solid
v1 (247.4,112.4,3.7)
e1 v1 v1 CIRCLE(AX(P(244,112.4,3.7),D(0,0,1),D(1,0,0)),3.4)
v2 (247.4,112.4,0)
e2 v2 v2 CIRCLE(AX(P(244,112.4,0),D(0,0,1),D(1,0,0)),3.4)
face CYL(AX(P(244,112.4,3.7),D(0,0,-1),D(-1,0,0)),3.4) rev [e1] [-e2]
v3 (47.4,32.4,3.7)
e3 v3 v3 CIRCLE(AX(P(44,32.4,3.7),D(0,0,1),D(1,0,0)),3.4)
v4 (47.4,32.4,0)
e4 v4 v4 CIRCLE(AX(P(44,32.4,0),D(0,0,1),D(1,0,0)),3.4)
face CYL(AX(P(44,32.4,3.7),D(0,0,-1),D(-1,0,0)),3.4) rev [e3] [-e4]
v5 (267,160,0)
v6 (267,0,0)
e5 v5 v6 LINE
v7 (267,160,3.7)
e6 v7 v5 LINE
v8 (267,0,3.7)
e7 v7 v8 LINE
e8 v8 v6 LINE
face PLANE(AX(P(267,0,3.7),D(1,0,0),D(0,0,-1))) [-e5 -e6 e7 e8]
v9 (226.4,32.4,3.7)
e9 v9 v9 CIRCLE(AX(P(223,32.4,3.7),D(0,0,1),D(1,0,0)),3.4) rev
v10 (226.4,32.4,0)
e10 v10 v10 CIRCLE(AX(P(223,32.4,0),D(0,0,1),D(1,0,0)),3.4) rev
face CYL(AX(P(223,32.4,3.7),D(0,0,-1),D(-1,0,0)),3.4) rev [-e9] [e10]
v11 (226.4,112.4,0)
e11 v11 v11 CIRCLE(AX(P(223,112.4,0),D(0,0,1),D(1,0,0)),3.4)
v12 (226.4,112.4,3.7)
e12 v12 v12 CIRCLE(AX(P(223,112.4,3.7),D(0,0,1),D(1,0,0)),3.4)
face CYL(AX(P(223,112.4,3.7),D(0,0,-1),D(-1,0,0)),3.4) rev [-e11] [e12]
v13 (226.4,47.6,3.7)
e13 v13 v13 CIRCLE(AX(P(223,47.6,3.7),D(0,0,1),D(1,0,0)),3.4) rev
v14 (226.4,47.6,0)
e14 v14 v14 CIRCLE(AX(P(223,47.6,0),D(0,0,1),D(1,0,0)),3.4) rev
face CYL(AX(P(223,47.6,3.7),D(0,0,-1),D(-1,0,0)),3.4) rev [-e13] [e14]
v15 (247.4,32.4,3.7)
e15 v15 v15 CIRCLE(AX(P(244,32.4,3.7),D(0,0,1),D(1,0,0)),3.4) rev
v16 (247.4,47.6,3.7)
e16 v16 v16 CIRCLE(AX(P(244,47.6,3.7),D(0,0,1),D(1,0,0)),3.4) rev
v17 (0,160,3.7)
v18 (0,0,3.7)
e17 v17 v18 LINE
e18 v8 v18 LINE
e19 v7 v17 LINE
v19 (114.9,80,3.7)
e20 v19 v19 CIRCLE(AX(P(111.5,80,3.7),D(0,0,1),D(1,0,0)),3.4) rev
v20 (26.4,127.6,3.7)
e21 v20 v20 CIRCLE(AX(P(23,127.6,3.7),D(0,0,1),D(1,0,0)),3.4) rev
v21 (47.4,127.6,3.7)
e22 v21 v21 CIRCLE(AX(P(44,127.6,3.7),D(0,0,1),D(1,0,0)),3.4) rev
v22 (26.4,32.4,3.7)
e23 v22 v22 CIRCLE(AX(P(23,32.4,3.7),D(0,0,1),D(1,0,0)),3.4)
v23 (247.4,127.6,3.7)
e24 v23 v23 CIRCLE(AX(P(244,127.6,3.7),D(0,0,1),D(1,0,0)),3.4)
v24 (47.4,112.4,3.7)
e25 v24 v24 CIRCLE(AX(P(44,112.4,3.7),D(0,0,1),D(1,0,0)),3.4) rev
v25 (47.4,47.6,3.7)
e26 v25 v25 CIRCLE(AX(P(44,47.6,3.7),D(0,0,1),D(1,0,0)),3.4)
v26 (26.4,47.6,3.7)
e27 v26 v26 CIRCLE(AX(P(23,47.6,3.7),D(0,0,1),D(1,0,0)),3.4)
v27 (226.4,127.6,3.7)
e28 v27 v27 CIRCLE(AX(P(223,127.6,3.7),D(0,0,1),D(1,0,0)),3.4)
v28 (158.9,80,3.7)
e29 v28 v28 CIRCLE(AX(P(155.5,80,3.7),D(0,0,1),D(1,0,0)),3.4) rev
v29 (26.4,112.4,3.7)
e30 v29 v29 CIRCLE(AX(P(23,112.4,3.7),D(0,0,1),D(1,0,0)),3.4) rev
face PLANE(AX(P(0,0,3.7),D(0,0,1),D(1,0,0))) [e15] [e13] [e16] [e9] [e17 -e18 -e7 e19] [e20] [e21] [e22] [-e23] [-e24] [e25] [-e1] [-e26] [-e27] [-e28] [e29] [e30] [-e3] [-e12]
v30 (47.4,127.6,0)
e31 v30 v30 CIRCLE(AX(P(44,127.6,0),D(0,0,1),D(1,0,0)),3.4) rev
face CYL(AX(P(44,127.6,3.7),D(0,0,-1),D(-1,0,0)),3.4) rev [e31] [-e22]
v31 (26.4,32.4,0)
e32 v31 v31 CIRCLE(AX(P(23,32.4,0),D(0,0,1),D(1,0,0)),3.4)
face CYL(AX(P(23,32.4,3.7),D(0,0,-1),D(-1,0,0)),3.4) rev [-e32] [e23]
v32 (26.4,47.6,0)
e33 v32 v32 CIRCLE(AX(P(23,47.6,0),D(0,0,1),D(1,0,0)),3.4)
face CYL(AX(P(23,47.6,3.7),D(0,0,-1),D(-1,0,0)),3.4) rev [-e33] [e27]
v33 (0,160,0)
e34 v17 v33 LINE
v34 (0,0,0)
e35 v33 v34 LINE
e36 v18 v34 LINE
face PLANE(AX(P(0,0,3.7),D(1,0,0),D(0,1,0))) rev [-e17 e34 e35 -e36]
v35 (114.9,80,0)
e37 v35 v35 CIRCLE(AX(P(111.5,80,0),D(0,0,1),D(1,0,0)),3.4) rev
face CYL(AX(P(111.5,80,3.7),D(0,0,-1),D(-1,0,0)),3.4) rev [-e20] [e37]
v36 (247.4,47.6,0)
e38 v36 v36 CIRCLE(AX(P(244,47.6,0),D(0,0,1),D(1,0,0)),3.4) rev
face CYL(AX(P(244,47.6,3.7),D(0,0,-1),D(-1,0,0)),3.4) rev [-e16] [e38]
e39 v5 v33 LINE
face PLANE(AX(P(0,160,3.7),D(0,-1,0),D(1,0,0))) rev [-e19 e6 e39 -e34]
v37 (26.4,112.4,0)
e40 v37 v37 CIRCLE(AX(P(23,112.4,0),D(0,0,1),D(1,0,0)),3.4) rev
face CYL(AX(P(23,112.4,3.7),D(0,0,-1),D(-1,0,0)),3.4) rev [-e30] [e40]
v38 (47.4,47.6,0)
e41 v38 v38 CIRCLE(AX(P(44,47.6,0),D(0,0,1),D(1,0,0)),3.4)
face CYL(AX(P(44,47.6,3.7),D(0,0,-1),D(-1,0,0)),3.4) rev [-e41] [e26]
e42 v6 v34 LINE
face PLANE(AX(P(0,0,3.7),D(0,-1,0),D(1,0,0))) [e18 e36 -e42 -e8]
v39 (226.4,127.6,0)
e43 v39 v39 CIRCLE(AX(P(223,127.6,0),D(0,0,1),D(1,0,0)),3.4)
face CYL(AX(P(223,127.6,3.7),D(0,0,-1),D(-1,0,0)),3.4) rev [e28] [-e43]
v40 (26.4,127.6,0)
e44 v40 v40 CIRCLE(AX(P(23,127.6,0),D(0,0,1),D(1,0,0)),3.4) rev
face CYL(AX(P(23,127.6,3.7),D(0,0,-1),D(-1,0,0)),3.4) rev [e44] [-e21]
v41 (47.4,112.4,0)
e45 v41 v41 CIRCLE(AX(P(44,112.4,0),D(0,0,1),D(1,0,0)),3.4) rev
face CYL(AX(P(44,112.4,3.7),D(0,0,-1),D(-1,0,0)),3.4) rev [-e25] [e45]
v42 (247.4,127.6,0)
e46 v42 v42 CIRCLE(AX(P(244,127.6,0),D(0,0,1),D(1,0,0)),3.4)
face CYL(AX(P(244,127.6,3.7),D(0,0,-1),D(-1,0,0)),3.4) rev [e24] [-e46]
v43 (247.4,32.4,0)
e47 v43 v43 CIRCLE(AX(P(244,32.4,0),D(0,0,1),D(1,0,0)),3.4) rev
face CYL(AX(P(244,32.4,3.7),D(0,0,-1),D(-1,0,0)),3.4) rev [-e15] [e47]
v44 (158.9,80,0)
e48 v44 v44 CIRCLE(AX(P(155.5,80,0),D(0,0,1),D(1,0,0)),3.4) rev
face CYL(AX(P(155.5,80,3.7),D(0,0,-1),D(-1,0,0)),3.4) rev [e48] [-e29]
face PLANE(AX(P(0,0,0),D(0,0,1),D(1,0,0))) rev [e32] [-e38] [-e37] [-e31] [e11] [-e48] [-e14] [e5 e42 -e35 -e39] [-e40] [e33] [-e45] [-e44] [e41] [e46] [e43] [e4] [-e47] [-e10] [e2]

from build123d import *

# Parameters (mm, degrees)
SKETCH1_W           = 267
SKETCH1_H           = 160
SKETCH1_R           = 3.4
BOSS_EXTRUDE1_DEPTH = 3.7


with BuildPart() as part:
    # Sketch1 → Boss-Extrude1 (new body)
    with BuildSketch(Plane.XY):
        with Locations((133.5, 80)):
            Rectangle(SKETCH1_W, SKETCH1_H)
        with Locations((23, 47.6)):
            Circle(SKETCH1_R, mode=Mode.SUBTRACT)
        with Locations((44, 47.6)):
            Circle(SKETCH1_R, mode=Mode.SUBTRACT)
        with Locations((23, 32.4)):
            Circle(SKETCH1_R, mode=Mode.SUBTRACT)
        with Locations((44, 32.4)):
            Circle(SKETCH1_R, mode=Mode.SUBTRACT)
        with Locations((223, 32.4)):
            Circle(SKETCH1_R, mode=Mode.SUBTRACT)
        with Locations((223, 47.6)):
            Circle(SKETCH1_R, mode=Mode.SUBTRACT)
        with Locations((244, 47.6)):
            Circle(SKETCH1_R, mode=Mode.SUBTRACT)
        with Locations((244, 32.4)):
            Circle(SKETCH1_R, mode=Mode.SUBTRACT)
        with Locations((23, 127.6)):
            Circle(SKETCH1_R, mode=Mode.SUBTRACT)
        with Locations((23, 112.4)):
            Circle(SKETCH1_R, mode=Mode.SUBTRACT)
        with Locations((44, 112.4)):
            Circle(SKETCH1_R, mode=Mode.SUBTRACT)
        with Locations((44, 127.6)):
            Circle(SKETCH1_R, mode=Mode.SUBTRACT)
        with Locations((223, 112.4)):
            Circle(SKETCH1_R, mode=Mode.SUBTRACT)
        with Locations((223, 127.6)):
            Circle(SKETCH1_R, mode=Mode.SUBTRACT)
        with Locations((244, 127.6)):
            Circle(SKETCH1_R, mode=Mode.SUBTRACT)
        with Locations((244, 112.4)):
            Circle(SKETCH1_R, mode=Mode.SUBTRACT)
        with Locations((111.5, 80)):
            Circle(SKETCH1_R, mode=Mode.SUBTRACT)
        with Locations((155.5, 80)):
            Circle(SKETCH1_R, mode=Mode.SUBTRACT)
    extrude(amount=BOSS_EXTRUDE1_DEPTH)


solid = part.part
